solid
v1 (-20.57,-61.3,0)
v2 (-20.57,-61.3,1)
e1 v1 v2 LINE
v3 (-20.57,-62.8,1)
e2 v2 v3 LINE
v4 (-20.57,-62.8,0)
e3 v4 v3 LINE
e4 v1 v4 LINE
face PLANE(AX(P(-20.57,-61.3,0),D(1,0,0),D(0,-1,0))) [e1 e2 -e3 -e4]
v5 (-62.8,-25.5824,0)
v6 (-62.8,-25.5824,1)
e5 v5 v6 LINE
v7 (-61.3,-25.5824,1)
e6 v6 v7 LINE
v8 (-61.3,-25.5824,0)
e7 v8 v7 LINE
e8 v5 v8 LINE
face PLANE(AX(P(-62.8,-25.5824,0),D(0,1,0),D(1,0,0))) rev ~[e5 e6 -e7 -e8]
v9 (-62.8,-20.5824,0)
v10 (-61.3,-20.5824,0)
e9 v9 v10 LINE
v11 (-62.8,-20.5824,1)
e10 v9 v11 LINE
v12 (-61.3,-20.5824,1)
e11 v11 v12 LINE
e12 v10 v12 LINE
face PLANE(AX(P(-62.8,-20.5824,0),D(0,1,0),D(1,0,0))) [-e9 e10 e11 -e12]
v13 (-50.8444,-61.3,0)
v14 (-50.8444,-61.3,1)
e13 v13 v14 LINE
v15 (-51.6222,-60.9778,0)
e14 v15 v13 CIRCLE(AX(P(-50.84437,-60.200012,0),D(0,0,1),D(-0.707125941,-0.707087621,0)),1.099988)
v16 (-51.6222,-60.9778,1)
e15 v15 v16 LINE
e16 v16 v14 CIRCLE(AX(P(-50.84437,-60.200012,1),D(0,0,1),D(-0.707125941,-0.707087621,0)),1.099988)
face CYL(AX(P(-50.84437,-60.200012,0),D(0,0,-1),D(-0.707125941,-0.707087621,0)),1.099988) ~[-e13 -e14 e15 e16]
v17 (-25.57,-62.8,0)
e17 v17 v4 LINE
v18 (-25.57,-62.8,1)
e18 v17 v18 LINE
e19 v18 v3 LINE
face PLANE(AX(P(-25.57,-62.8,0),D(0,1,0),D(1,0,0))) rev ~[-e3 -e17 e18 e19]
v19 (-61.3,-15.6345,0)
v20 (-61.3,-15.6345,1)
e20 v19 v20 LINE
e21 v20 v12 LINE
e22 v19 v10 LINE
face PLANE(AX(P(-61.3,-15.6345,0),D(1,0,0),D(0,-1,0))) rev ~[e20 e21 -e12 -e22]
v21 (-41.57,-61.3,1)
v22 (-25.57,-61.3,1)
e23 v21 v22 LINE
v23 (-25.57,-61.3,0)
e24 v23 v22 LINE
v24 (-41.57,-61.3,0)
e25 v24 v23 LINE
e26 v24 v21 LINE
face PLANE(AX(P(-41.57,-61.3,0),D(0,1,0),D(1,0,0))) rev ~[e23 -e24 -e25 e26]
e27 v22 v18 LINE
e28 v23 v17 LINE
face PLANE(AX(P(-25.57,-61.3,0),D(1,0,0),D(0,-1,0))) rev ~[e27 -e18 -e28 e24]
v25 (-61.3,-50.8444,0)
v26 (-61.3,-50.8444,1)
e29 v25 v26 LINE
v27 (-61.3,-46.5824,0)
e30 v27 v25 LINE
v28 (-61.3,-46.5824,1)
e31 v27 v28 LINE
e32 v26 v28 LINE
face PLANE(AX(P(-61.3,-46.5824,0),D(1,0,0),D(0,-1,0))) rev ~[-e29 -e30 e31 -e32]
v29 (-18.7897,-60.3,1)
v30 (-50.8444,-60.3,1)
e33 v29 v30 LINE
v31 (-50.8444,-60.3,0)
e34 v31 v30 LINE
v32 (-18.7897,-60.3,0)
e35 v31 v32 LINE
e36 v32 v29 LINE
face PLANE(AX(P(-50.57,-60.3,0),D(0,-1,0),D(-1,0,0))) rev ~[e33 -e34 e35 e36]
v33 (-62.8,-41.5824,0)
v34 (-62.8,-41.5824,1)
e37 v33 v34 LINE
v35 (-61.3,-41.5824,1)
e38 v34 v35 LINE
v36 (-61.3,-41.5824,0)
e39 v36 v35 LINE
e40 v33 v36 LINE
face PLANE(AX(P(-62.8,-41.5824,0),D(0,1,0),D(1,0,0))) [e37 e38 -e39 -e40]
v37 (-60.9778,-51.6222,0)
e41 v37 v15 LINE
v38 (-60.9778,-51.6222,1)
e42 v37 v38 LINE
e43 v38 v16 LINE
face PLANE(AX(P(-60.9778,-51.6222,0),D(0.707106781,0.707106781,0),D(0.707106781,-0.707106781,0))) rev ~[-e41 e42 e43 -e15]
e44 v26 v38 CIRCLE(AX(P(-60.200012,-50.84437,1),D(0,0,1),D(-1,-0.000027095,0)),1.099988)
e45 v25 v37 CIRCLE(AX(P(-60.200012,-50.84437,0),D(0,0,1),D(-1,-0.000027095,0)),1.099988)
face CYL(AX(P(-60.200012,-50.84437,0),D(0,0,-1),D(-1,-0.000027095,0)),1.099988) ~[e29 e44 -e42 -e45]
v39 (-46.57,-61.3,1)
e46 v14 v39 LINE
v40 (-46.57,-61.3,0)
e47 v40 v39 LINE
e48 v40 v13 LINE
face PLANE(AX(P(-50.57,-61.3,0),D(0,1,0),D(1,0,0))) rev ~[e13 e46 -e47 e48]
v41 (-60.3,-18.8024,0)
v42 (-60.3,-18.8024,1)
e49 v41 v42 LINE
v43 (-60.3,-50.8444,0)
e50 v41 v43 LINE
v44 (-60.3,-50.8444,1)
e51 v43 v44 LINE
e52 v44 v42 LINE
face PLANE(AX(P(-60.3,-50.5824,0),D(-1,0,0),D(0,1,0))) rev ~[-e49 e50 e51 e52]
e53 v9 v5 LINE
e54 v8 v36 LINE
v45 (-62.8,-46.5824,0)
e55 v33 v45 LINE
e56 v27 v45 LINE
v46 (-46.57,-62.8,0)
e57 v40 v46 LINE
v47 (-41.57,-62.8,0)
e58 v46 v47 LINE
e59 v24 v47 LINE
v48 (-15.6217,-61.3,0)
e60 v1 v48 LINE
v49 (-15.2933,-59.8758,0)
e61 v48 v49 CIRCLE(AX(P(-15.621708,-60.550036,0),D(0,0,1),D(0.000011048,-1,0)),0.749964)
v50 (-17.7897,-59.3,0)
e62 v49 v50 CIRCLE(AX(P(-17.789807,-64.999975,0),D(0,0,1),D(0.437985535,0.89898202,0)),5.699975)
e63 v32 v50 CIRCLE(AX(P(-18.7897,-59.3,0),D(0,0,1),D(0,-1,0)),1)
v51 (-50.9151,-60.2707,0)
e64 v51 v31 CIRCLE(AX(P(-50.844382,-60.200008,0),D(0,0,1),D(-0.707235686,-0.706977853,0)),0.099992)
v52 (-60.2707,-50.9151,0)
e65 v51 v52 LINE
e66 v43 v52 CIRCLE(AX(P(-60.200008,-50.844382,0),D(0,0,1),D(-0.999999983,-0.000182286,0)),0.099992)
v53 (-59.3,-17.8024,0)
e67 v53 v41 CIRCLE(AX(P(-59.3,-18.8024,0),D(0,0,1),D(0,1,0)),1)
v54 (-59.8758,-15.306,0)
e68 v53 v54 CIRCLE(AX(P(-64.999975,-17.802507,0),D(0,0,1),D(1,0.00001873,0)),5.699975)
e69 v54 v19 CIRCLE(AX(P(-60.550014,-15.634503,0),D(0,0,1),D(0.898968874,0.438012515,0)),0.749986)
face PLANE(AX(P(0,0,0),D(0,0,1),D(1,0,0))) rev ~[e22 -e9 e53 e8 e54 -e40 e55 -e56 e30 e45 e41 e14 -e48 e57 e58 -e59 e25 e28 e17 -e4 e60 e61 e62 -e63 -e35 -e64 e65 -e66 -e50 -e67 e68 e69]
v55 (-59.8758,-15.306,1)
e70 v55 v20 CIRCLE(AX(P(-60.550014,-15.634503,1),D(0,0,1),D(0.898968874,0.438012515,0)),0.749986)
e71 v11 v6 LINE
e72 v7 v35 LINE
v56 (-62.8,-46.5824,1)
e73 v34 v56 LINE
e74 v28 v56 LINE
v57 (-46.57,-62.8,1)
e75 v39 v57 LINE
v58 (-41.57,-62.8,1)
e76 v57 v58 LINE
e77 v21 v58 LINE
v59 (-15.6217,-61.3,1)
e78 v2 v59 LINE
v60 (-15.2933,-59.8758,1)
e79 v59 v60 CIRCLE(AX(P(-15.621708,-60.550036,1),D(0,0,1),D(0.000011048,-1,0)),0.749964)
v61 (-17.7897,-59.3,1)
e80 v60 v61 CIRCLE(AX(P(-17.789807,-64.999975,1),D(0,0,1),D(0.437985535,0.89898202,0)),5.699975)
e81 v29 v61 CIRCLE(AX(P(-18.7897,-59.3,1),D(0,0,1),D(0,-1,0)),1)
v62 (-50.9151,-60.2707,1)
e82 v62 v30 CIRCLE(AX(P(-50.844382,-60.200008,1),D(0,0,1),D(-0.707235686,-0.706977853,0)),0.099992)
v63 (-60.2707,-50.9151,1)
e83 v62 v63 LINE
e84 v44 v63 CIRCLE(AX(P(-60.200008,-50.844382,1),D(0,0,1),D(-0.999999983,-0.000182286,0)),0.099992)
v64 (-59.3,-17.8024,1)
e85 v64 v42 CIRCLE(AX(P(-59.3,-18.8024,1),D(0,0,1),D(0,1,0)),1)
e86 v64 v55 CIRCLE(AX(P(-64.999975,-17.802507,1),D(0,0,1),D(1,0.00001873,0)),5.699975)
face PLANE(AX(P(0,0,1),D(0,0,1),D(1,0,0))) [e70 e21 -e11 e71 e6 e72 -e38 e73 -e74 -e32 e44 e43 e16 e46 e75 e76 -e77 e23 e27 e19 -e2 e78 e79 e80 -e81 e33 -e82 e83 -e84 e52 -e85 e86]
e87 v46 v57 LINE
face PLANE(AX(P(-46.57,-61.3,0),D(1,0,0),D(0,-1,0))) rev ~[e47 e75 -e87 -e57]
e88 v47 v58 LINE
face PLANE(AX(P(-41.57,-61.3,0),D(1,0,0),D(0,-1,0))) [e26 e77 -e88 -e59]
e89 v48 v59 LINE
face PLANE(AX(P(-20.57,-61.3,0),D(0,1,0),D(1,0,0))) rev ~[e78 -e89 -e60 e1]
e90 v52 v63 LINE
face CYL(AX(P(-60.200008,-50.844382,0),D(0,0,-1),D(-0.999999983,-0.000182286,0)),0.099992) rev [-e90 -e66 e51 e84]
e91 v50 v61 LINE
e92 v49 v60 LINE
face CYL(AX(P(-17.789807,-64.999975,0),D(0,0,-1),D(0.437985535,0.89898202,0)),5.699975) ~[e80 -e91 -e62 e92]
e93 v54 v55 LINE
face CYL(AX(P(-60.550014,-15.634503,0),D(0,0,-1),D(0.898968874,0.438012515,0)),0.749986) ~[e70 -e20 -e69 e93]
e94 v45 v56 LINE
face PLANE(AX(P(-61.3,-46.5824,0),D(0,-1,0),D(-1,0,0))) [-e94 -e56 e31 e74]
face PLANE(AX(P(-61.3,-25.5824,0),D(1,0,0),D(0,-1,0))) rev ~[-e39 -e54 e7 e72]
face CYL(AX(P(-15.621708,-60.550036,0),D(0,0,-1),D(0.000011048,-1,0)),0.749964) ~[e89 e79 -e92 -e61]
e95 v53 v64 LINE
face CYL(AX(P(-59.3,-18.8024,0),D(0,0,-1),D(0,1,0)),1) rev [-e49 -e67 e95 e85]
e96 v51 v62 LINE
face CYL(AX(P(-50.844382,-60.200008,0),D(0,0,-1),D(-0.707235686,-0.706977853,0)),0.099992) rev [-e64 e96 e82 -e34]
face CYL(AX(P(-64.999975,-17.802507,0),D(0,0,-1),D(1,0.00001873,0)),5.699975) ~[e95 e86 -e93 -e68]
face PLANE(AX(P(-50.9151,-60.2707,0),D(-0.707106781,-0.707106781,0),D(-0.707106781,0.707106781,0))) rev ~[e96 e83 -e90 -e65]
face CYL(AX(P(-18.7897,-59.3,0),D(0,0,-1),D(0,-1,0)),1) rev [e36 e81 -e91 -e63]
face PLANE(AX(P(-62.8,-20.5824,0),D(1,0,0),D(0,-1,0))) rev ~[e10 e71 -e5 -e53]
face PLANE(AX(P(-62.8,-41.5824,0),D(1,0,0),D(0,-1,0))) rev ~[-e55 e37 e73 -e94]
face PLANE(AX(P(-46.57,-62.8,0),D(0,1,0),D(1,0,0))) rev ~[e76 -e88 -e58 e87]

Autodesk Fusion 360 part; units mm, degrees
sketch "Sketch1" plane through (0, 0, 0) normal (0, 0, 1) x (1, 0, 0)
  line L0 (-60.9778, -51.3602) -> (-51.369, -60.969)
  arc A0 (-51.369, -60.969) -> (-50.57, -61.3) centre (-50.57, -60.17) ccw
  line L1 (-50.8444, -61.3) -> (-15.6217, -61.3)
  arc A1 (-15.2933, -59.8758) -> (-17.7897, -59.3) centre (-17.7897, -65) ccw
  arc A2 (-18.7897, -60.3) -> (-17.7897, -59.3) centre (-18.7897, -59.3) ccw
  line L2 (-18.7897, -60.3) -> (-50.8444, -60.3)
  arc A3 (-50.6619, -60.2619) -> (-50.57, -60.3) centre (-50.57, -60.17) ccw
  line L3 (-50.6619, -60.2619) -> (-60.2707, -50.6531)
  arc A4 (-60.3, -50.5824) -> (-60.2707, -50.6531) centre (-60.2, -50.5824) ccw
  line L4 (-60.3, -50.8444) -> (-60.3, -18.8024)
  arc A5 (-59.3, -17.8024) -> (-60.3, -18.8024) centre (-59.3, -18.8024) ccw
  arc A6 (-59.3, -17.8024) -> (-59.8758, -15.306) centre (-65, -17.8024) ccw
  line L5 (-61.3, -15.6345) -> (-61.3, -50.8444)
  arc A7 (-61.3, -50.5824) -> (-60.9778, -51.3602) centre (-60.2, -50.5824) ccw
  arc A8 (-15.6217, -61.3) -> (-15.2933, -59.8758) centre (-15.6217, -60.55) ccw
  arc A9 (-59.8758, -15.306) -> (-61.3, -15.6345) centre (-60.55, -15.6345) ccw
  line L6 (-62.8, -15.6345) -> (-62.8, -50.8444)
  line L7 (-50.8444, -62.8) -> (-15.6217, -62.8)
  line L8 (-61.3, -46.5824) -> (-62.8, -46.5824)
  line L9 (-62.8, -41.5824) -> (-61.3, -41.5824)
  line L10 (-62.8, -20.5824) -> (-61.3, -20.5824)
  line L11 (-62.8, -25.5824) -> (-61.3, -25.5824)
  line L12 (-46.57, -61.3) -> (-46.57, -62.8)
  line L13 (-41.57, -61.3) -> (-41.57, -62.8)
  line L14 (-25.57, -61.3) -> (-25.57, -62.8)
  line L15 (-20.57, -61.3) -> (-20.57, -62.8)
  arc A10 (-51.6222, -60.9778) -> (-50.8444, -61.3) centre (-50.8444, -60.2) ccw
  line L16 (-60.9778, -51.6222) -> (-51.6222, -60.9778)
  arc A11 (-61.3, -50.8444) -> (-60.9778, -51.6222) centre (-60.2, -50.8444) ccw
  arc A12 (-60.3, -50.8444) -> (-60.2707, -50.9151) centre (-60.2, -50.8444) ccw
  line L17 (-50.9151, -60.2707) -> (-60.2707, -50.9151)
  arc A13 (-50.9151, -60.2707) -> (-50.8444, -60.3) centre (-50.8444, -60.2) ccw
  dimension "d1" = 60.3
  dimension "d2" = 60.3
  dimension "d3" = 1
  dimension "d4" = 1
  dimension "d5" = 1
  dimension "d6" = 5.7
  dimension "d7" = 0.75
  dimension "d8" = 3.7
  dimension "d9" = 1.13
  dimension "d10" = 1.1
  dimension "d11" = 45
  dimension "d12" = 50.57
  dimension "d13" = 31.7803
  dimension "d14" = 1
  dimension "d15" = 31.78
  dimension "d16" = 1
  dimension "d17" = 5.7
  dimension "d18" = 3.7
  dimension "d19" = 1
  dimension "d21" = 0.75
  dimension "d22" = 1.5
  dimension "d23" = 1.5
  dimension "d24" = 4
  dimension "d25" = 4
  dimension "d26" = 5
  dimension "d27" = 5
  dimension "d28" = 16
  dimension "d29" = 5
  dimension "d30" = 16
  dimension "d31" = 5
extrude "Extrude1" add sketch "Sketch1" along normal blind 1 contours L0 A0 L1 A1 A2 L2 L4 A5 A6 L5 A7 A8 A9 A12 L17 A13 | L0 A0 L1 L5 A7 A10 L16 A11 | L5 L6 L8 L9 | L1 L7 L12 L13 | L5 L6 L10 L11 | L1 L7 L14 L15
